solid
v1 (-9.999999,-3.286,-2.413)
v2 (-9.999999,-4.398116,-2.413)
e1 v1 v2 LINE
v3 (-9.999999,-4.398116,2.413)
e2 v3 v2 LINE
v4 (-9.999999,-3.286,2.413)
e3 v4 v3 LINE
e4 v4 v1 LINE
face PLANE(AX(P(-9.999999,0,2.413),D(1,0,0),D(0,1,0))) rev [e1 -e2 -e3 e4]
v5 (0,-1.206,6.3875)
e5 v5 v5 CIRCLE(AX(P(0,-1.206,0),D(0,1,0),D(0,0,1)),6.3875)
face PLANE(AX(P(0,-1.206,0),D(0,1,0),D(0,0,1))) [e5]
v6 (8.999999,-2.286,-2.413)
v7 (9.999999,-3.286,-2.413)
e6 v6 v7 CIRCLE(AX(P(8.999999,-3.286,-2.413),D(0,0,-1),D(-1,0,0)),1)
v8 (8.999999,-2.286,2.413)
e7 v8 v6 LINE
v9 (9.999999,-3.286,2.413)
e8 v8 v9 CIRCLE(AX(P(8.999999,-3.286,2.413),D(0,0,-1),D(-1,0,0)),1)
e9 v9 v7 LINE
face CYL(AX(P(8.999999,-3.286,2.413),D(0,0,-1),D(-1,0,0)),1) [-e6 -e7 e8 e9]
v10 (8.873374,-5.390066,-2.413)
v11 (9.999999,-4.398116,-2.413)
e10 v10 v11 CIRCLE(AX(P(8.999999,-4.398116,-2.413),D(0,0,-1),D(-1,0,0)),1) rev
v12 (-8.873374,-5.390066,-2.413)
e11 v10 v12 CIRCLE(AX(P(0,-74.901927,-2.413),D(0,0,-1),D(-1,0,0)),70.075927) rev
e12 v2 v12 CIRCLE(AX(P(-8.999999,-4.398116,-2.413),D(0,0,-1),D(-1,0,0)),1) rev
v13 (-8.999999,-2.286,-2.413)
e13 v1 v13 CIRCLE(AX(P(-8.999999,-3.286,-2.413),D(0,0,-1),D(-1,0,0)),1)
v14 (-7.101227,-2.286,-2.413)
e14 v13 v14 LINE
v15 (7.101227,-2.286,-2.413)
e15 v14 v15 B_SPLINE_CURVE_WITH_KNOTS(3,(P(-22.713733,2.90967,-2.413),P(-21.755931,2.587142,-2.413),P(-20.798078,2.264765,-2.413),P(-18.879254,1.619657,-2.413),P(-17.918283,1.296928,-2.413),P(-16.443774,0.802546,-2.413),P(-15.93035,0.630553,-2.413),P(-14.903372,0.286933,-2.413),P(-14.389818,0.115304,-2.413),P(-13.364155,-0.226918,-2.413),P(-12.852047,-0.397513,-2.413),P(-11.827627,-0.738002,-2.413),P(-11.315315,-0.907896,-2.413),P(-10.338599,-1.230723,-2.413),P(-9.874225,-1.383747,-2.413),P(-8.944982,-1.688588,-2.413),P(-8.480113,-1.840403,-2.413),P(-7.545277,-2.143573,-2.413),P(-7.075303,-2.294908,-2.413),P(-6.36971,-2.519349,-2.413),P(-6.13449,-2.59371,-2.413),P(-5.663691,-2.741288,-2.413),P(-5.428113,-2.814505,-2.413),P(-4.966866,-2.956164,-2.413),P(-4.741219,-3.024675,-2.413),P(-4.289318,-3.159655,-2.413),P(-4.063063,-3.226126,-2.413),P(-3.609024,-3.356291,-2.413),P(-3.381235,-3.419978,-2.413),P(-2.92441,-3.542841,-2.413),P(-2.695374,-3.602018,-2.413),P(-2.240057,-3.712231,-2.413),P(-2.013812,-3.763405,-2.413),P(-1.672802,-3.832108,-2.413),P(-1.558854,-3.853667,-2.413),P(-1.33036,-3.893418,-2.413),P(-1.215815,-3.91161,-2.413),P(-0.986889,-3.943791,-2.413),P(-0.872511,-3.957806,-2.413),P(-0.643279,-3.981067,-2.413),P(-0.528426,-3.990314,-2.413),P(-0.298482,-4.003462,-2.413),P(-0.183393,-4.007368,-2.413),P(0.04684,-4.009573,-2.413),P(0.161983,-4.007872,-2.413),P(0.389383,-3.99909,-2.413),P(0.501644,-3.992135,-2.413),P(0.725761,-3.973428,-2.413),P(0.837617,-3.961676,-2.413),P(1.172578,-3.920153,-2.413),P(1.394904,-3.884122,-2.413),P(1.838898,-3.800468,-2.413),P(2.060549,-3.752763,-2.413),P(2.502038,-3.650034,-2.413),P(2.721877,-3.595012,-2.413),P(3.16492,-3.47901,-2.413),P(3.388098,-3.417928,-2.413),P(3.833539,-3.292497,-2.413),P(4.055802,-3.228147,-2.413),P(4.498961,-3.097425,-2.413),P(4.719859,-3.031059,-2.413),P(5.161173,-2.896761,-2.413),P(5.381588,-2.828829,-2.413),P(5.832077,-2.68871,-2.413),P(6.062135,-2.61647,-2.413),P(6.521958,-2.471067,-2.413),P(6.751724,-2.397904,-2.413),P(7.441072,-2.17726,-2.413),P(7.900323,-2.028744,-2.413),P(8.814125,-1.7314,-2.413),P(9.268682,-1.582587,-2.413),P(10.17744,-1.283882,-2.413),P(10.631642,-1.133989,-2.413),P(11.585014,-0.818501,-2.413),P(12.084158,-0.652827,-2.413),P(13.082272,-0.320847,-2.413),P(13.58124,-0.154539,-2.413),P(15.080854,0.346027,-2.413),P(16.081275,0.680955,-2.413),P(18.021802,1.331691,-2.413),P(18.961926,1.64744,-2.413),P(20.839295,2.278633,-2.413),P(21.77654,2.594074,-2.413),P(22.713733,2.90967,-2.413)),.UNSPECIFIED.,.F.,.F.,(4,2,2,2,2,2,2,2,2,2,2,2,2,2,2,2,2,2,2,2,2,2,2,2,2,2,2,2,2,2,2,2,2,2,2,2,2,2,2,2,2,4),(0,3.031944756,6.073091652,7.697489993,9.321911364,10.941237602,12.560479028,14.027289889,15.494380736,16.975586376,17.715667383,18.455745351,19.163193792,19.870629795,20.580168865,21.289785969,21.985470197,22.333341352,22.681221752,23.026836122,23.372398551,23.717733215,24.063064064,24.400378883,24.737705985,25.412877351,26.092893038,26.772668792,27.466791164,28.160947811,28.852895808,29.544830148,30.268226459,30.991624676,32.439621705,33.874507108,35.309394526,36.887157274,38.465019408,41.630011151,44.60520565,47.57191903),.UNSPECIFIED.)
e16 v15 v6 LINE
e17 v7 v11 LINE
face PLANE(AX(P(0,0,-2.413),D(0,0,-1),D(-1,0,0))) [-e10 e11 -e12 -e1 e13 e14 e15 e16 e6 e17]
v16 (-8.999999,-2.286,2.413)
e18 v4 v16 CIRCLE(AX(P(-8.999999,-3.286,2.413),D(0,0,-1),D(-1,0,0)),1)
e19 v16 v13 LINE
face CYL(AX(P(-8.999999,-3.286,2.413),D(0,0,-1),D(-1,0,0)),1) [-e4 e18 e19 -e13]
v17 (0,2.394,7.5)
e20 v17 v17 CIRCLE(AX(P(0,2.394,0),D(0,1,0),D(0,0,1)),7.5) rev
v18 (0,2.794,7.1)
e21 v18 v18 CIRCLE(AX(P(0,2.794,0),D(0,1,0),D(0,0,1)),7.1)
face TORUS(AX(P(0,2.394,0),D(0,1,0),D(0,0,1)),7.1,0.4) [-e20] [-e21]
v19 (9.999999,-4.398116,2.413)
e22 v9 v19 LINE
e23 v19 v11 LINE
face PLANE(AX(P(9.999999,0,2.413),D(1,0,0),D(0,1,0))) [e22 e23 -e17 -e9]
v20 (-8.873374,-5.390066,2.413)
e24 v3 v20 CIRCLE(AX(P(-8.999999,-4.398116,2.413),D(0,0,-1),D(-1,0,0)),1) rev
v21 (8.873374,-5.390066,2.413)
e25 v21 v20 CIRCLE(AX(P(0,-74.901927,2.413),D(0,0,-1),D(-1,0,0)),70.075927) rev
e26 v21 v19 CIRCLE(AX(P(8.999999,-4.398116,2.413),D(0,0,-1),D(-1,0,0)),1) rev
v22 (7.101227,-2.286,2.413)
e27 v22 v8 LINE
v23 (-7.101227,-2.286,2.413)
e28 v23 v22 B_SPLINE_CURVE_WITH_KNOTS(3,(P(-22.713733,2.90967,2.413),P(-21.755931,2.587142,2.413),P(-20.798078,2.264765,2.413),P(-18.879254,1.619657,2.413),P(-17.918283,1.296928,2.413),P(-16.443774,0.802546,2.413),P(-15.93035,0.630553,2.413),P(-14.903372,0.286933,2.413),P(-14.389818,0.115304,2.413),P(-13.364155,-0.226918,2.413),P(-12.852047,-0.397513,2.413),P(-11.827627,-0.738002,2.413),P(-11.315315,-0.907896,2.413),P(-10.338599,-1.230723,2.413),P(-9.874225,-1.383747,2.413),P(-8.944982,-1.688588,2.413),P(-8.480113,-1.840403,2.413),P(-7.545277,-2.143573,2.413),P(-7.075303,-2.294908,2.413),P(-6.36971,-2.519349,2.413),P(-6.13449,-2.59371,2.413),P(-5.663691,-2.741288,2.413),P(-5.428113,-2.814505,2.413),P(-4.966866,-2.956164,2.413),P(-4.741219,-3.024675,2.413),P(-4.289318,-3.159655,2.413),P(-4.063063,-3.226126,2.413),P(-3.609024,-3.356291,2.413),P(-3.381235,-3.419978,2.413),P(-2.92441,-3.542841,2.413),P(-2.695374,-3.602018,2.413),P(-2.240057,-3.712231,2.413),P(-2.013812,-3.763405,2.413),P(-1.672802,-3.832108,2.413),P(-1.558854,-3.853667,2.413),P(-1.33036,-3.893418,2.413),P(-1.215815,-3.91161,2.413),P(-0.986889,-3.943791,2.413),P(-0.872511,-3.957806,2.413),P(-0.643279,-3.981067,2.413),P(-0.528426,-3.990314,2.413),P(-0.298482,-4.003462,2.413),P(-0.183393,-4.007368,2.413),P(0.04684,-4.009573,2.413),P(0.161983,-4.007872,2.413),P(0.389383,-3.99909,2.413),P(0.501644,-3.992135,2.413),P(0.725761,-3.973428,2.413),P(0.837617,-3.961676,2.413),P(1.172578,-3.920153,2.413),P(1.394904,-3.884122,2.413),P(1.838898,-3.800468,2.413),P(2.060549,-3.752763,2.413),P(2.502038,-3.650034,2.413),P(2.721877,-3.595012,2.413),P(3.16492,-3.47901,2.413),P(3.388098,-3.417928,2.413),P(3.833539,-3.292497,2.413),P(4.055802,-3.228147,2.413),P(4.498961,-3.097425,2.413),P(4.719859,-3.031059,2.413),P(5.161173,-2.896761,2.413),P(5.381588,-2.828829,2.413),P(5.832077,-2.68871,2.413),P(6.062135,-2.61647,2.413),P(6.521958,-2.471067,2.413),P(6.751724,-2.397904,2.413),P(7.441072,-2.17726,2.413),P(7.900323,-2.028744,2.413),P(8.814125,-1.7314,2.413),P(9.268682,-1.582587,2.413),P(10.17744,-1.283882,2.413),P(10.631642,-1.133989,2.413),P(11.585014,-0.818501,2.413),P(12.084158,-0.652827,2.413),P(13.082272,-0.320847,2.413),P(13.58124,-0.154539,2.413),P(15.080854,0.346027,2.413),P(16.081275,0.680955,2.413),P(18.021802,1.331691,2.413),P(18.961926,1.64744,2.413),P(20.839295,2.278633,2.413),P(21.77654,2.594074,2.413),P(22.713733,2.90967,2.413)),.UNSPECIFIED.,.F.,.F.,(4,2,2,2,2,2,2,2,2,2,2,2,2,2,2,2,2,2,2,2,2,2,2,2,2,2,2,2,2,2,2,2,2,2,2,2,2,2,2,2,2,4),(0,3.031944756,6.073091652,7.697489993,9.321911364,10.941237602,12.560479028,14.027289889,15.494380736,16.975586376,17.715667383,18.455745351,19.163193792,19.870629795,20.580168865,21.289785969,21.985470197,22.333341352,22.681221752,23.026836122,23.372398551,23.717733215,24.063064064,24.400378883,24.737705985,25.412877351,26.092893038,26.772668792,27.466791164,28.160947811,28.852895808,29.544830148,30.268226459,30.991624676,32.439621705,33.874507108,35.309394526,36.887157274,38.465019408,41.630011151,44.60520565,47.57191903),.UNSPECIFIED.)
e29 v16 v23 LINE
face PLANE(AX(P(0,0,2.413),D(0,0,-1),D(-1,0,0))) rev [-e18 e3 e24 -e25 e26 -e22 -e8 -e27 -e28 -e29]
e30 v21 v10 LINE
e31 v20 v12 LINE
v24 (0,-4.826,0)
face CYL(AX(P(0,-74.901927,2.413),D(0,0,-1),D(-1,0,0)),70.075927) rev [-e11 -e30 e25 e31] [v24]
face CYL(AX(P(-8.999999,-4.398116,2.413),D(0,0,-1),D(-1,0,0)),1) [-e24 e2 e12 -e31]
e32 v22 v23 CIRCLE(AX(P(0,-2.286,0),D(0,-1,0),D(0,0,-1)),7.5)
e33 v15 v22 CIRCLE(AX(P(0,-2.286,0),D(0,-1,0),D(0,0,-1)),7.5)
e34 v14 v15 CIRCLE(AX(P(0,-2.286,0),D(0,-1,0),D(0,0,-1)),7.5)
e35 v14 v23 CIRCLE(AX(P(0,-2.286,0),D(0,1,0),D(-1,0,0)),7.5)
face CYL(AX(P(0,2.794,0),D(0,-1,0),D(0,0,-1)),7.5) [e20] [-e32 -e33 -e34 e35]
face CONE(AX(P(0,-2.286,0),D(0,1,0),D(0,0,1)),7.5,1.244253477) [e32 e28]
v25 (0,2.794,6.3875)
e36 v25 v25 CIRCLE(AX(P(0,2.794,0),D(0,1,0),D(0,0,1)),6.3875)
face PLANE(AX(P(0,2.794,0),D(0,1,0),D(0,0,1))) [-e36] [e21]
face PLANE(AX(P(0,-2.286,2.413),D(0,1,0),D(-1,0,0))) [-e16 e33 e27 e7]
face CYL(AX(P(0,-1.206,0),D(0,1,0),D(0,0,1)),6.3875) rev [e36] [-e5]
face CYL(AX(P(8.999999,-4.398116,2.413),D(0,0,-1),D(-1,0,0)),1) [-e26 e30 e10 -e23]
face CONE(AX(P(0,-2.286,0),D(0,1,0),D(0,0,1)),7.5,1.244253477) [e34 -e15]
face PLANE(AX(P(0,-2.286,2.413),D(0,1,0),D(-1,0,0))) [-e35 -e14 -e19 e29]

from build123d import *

# Parameters (mm, degrees)
SKETCH1_R                = 7.5
SKETCH1_R_2              = 2.3241
BOSS_EXTRUDE1_DEPTH      = 2.794
SKETCH2_R                = 2.3241
BOSS_EXTRUDE2_DEPTH      = 0.254
BOSS_EXTRUDE3_DEPTH      = 1.651
BOSS_EXTRUDE4_START      = 2.286
SKETCH4_R                = 7.5
BOSS_EXTRUDE4_DEPTH      = 2.286
FILLET1_R                = 0.254
FILLET2_R                = 0.127
FILLET3_R                = 0.4
SKETCH6_W                = 4.02205745
SKETCH6_H                = 1.558094328
BOSS_EXTRUDE5_DEPTH      = 2.54
BOSS_EXTRUDE6_DEPTH      = 2.413
BOSS_EXTRUDE6_DEPTH_BACK = 2.413
CUT_EXTRUDE2_START       = -4
SKETCH5_R                = 6.3875
SKETCH5_R_2              = 2.3241
CUT_EXTRUDE2_DEPTH       = 4


with BuildPart() as part:
    # Sketch1 → Boss-Extrude1 (new body)
    with BuildSketch(Plane(origin=(0, 0, 0), x_dir=(1, 0, 0), z_dir=(0, 1, 0))):
        with Locations(Location((0, 0, 0), (0, 0, 270))):
            Circle(SKETCH1_R)
        with Locations(Location((0, 0, 0), (0, 0, 270))):
            Circle(SKETCH1_R_2, mode=Mode.SUBTRACT)
    extrude(amount=BOSS_EXTRUDE1_DEPTH)

    # Sketch2 → Boss-Extrude2 (add)
    with BuildSketch(Plane.XZ):
        with Locations(Location((0, 0, 0), (0, 0, 270))):
            Circle(SKETCH2_R)
    extrude(amount=-BOSS_EXTRUDE2_DEPTH)

    # Sketch3 → Boss-Extrude3 (add)
    with BuildSketch(Plane(origin=(0, 0.254, 0), x_dir=(1, 0, 0), z_dir=(0, 1, 0))):
        with BuildLine():
            Line((-0.495805164, 1.156686678), (0.614449488, 1.120298857))
            ThreePointArc((0.614449488, 1.120298857), (0.708812351, 1.091670316), (0.776218716, 1.01969584))
            Line((0.776218716, 1.01969584), (1.299833265, 0.039993196))
            ThreePointArc((1.299833265, 0.039993196), (1.322221652, -0.056041711), (1.293593111, -0.150404573))
            Line((1.293593111, -0.150404573), (0.706953007, -1.093719397))
            ThreePointArc((0.706953007, -1.093719397), (0.634978532, -1.161125762), (0.538943625, -1.183514149))
            Line((0.538943625, -1.183514149), (-0.571311028, -1.147126328))
            ThreePointArc((-0.571311028, -1.147126328), (-0.66567389, -1.118497787), (-0.733080255, -1.046523312))
            Line((-0.733080255, -1.046523312), (-1.256694804, -0.066820667))
            ThreePointArc((-1.256694804, -0.066820667), (-1.279083191, 0.02921424), (-1.25045465, 0.123577102))
            Line((-1.25045465, 0.123577102), (-0.663814546, 1.066891925))
            ThreePointArc((-0.663814546, 1.066891925), (-0.591840071, 1.134298291), (-0.495805164, 1.156686678))
        make_face()
    extrude(amount=BOSS_EXTRUDE3_DEPTH)

    # Sketch4 → Boss-Extrude4 (add)
    with BuildSketch(Plane.XZ.offset(BOSS_EXTRUDE4_START)):
        with Locations(Location((0, 0, 0), (0, 0, 270))):
            Circle(SKETCH4_R)
    extrude(amount=-BOSS_EXTRUDE4_DEPTH)

    # Fillet1
    fillet1_edges = [part.edges().sort_by_distance(p)[0] for p in [
        (0, 0.254, -2.3241),
        (0.708812351, 0.254, -1.091670316),
        (0.059322162, 0.254, -1.138492768),
        (-0.591840071, 0.254, -1.134298291),
        (-0.957134598, 0.254, -0.595234514),
        (-1.279083191, 0.254, -0.02921424),
        (-0.99488753, 0.254, 0.556671989),
        (-0.66567389, 0.254, 1.118497787),
        (-0.016183701, 0.254, 1.165320239),
        (0.634978532, 0.254, 1.161125762),
        (1.000273059, 0.254, 0.622061985),
        (1.322221652, 0.254, 0.056041711),
        (1.038025991, 0.254, -0.529844518),
    ]]
    fillet(fillet1_edges, radius=FILLET1_R)

    # Fillet2
    fillet2_edges = [part.edges().sort_by_distance(p)[0] for p in [
        (0.708812351, 1.905, -1.091670316),
        (0.059322162, 1.905, -1.138492768),
        (-0.591840071, 1.905, -1.134298291),
        (-0.957134598, 1.905, -0.595234514),
        (-1.279083191, 1.905, -0.02921424),
        (-0.99488753, 1.905, 0.556671989),
        (-0.66567389, 1.905, 1.118497787),
        (-0.016183701, 1.905, 1.165320239),
        (0.634978532, 1.905, 1.161125762),
        (1.000273059, 1.905, 0.622061985),
        (1.322221652, 1.905, 0.056041711),
        (1.038025991, 1.905, -0.529844518),
    ]]
    fillet(fillet2_edges, radius=FILLET2_R)

    # Fillet3
    fillet3_edges = [part.edges().sort_by_distance(p)[0] for p in [
        (0, 2.794, -7.5),
    ]]
    fillet(fillet3_edges, radius=FILLET3_R)

    # Sketch6 → Boss-Extrude5 (add)
    with BuildSketch(Plane.XZ.offset(2.286)):
        Rectangle(SKETCH6_W, SKETCH6_H)
    extrude(amount=BOSS_EXTRUDE5_DEPTH)

    # Sketch7 → Boss-Extrude6 (add, two sides: drawn at the far end of the back side and taken through both)
    with BuildSketch(Plane(origin=(0, 0, 0), x_dir=(-1, 0, 0), z_dir=(0, 0, -1)).offset(-BOSS_EXTRUDE6_DEPTH_BACK)):
        with BuildLine():
            Line((8.999999188, -2.286), (-8.999999188, -2.286))
            ThreePointArc((-8.999999188, -2.286), (-9.707105969, -2.578893219), (-9.999999188, -3.286))
            Line((-9.999999188, -3.286), (-9.999999188, -4.398115656))
            ThreePointArc((-9.999999188, -4.398115656), (-9.660822486, -5.148657173), (-8.873374049, -5.390066297))
            ThreePointArc((-8.873374049, -5.390066297), (0, -4.826), (8.873374049, -5.390066297))
            ThreePointArc((8.873374049, -5.390066297), (9.660822486, -5.148657173), (9.999999188, -4.398115656))
            Line((9.999999188, -4.398115656), (9.999999188, -3.286))
            ThreePointArc((9.999999188, -3.286), (9.707105969, -2.578893219), (8.999999188, -2.286))
        make_face()
    extrude(amount=BOSS_EXTRUDE6_DEPTH + BOSS_EXTRUDE6_DEPTH_BACK)

    # Sketch5 → Cut-Extrude2 (cut)
    # profile 1 of 2: a face of its own
    with BuildSketch(Plane(origin=(0, 2.794, 0), x_dir=(1, 0, 0), z_dir=(0, 1, 0)).offset(CUT_EXTRUDE2_START)):
        with Locations(Location((0, 0, 0), (0, 0, 270))):
            Circle(SKETCH5_R)
        Circle(SKETCH5_R_2, mode=Mode.SUBTRACT)
    # profile 2 of 2: a face of its own
    with BuildSketch(Plane(origin=(0, 2.794, 0), x_dir=(1, 0, 0), z_dir=(0, 1, 0)).offset(CUT_EXTRUDE2_START)):
        Circle(SKETCH5_R_2)
    extrude(amount=CUT_EXTRUDE2_DEPTH, mode=Mode.SUBTRACT)

    # Sketch11 → Revolve3 (revolve)
    with BuildSketch(Plane(origin=(0, 0, 0), x_dir=(-1, 0, 0), z_dir=(0, 0, -1)), mode=Mode.PRIVATE) as revolve3_sk:
        Polygon((-7.101227429, -2.286), (-7.5, -2.286), (0, -4.826), (0, -2.286), align=None)
    revolve(revolve3_sk.sketch.rotate(Axis((0, -1.206, 0), (0, 1, 0)), 18.767781972), axis=Axis((0, -1.206, 0), (0, 1, 0)))


solid = part.part
